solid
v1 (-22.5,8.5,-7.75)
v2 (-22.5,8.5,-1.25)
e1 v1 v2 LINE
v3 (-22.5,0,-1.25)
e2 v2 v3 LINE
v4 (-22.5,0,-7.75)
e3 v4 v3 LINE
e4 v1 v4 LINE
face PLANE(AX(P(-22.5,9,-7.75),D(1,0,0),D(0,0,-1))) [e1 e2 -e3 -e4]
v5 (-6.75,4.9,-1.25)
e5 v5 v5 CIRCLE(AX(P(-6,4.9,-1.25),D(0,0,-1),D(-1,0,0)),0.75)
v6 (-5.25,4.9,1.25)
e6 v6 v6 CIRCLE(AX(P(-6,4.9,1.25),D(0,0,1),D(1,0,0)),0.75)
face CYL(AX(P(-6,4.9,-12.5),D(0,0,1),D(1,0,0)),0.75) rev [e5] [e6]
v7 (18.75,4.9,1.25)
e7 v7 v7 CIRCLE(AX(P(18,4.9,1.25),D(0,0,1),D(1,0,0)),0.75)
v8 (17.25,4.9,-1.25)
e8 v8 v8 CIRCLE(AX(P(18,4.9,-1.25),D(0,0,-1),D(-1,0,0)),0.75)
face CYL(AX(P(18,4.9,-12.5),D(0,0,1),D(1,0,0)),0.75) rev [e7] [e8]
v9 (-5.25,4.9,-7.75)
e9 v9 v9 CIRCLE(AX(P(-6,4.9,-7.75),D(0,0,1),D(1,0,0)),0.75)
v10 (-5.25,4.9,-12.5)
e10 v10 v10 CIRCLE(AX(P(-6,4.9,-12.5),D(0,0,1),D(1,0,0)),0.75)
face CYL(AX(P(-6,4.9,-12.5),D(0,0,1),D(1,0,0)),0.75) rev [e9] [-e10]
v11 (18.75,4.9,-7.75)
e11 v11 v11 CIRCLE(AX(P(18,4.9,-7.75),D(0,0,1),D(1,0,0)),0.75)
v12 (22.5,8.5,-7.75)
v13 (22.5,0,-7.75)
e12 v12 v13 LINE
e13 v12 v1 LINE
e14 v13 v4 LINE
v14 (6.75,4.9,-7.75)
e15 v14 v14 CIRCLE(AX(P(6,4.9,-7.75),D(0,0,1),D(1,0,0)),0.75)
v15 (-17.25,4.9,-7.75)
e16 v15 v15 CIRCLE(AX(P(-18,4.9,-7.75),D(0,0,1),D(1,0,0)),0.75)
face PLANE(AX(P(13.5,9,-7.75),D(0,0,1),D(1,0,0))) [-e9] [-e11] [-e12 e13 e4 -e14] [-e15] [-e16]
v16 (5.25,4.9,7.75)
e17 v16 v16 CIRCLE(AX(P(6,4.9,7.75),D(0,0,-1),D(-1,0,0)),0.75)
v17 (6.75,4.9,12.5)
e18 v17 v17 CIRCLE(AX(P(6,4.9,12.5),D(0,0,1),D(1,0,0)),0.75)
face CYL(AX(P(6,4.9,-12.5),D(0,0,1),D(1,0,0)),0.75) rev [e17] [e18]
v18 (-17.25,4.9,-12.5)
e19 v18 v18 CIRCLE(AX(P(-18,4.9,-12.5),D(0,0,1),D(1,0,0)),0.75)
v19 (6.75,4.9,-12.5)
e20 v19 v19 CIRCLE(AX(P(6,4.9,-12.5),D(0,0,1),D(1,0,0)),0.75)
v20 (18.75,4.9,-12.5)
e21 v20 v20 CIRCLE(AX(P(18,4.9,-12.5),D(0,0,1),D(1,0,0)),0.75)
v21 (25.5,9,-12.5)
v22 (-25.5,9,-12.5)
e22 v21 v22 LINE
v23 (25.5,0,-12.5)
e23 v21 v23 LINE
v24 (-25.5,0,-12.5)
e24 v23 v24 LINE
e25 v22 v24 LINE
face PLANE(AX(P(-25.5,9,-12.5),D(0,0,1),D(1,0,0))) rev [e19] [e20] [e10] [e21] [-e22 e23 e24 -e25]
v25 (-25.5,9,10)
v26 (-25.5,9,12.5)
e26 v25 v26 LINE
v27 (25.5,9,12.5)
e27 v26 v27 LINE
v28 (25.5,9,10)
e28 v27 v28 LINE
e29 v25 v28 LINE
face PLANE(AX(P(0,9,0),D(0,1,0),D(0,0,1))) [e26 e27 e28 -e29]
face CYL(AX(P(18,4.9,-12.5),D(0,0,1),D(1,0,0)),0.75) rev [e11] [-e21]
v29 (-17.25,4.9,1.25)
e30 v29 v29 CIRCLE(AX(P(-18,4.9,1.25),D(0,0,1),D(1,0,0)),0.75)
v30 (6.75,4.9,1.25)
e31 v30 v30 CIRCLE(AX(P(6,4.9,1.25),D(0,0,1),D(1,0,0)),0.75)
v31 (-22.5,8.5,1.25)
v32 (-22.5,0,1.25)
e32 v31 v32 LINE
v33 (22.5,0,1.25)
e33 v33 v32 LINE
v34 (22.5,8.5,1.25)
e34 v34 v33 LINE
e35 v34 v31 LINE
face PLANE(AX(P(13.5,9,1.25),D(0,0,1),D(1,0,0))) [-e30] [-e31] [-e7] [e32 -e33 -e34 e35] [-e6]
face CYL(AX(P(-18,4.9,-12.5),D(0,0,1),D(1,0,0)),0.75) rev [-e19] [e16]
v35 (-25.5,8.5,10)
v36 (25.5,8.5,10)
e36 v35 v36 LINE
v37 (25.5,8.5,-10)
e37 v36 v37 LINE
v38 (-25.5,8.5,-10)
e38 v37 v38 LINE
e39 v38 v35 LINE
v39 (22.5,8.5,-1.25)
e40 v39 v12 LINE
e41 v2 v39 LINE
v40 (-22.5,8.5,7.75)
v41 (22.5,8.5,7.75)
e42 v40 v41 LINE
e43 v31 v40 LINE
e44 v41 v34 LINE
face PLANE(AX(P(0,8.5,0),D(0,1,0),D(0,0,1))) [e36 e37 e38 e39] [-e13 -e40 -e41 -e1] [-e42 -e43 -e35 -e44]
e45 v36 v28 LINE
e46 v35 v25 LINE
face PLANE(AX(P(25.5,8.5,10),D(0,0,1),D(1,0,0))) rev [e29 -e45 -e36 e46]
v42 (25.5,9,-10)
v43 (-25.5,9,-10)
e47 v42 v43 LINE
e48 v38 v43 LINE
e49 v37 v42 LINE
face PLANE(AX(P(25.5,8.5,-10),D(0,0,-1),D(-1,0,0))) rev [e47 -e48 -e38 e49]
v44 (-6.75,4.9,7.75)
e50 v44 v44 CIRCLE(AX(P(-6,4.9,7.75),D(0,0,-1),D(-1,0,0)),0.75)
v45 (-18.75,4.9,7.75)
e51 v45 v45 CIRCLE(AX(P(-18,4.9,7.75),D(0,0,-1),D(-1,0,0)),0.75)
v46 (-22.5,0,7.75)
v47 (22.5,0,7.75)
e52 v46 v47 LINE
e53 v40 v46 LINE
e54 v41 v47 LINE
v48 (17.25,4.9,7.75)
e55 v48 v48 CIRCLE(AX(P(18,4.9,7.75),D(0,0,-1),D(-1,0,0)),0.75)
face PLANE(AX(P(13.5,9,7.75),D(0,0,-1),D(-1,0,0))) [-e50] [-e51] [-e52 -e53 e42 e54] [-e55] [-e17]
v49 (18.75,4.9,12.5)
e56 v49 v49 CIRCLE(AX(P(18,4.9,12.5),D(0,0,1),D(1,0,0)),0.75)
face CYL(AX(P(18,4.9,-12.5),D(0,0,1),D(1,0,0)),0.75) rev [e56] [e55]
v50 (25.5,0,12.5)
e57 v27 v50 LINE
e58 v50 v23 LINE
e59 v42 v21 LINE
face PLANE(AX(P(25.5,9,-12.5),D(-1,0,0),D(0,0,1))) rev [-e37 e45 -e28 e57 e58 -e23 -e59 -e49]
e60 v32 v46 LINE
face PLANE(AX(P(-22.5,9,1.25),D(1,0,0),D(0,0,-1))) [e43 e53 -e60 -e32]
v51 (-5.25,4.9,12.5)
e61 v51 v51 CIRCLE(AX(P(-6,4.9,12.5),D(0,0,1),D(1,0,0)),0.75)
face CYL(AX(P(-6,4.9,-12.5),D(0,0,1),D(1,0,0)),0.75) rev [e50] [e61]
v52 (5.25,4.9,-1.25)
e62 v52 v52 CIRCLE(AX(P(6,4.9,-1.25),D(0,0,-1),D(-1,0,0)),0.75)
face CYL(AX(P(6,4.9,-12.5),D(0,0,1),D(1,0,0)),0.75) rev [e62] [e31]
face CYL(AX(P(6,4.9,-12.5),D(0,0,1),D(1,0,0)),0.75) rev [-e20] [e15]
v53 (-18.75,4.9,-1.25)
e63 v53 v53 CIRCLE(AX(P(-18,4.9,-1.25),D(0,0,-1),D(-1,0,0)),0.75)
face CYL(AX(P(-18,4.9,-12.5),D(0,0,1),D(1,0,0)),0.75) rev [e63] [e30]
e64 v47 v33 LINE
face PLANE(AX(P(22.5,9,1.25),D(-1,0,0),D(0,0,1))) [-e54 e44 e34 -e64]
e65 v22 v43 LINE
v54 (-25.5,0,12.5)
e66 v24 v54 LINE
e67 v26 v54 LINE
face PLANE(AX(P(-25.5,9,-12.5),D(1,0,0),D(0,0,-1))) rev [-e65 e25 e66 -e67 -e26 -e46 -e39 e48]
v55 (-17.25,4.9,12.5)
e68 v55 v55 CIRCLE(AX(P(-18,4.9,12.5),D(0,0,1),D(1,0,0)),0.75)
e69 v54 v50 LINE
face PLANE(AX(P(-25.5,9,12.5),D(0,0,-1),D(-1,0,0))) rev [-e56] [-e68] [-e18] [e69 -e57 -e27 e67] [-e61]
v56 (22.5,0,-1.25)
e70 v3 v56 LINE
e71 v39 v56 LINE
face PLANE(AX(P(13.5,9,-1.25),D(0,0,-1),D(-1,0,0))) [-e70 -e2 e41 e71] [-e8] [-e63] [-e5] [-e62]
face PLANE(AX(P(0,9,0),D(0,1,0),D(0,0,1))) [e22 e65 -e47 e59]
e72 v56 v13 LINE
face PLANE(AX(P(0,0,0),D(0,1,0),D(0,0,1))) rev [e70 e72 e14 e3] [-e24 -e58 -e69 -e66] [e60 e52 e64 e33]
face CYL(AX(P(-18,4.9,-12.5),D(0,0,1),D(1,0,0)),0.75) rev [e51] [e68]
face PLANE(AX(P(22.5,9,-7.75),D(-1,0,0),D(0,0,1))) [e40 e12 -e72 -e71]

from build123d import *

# Parameters (mm, degrees)
SKETCH_1_W             = 51
SKETCH_1_H             = 25
SKETCH_1_W_2           = 9
SKETCH_1_H_2           = 6.5
EXTRUDE_1_DEPTH        = 9
SKETCH_2_W             = 51
SKETCH_2_H             = 20
CUT_EXTRUDE_1_DEPTH    = 0.5
SKETCH_3_R             = 0.75
CUT_EXTRUDE_2_DEPTH    = 31.336652749
PATTERN_LINEAR_1_COUNT = 4
PATTERN_LINEAR_1_PITCH = 12
SKETCH_4_W             = 45
SKETCH_4_H             = 6.5
CUT_EXTRUDE_3_DEPTH    = 30.643717716


with BuildPart() as part:
    # 草图1 → 凸台-拉伸1 (new body)
    with BuildSketch(Plane(origin=(0, 0, 0), x_dir=(1, 0, 0), z_dir=(0, 1, 0))):
        Rectangle(SKETCH_1_W, SKETCH_1_H)
        with Locations((-18, 4.5)):
            Rectangle(SKETCH_1_W_2, SKETCH_1_H_2, mode=Mode.SUBTRACT)
        with Locations((-18, -4.5)):
            Rectangle(SKETCH_1_W_2, SKETCH_1_H_2, mode=Mode.SUBTRACT)
        with Locations((-6, 4.5)):
            Rectangle(SKETCH_1_W_2, SKETCH_1_H_2, mode=Mode.SUBTRACT)
        with Locations((-6, -4.5)):
            Rectangle(SKETCH_1_W_2, SKETCH_1_H_2, mode=Mode.SUBTRACT)
        with Locations((6, 4.5)):
            Rectangle(SKETCH_1_W_2, SKETCH_1_H_2, mode=Mode.SUBTRACT)
        with Locations((6, -4.5)):
            Rectangle(SKETCH_1_W_2, SKETCH_1_H_2, mode=Mode.SUBTRACT)
        with Locations((18, 4.5)):
            Rectangle(SKETCH_1_W_2, SKETCH_1_H_2, mode=Mode.SUBTRACT)
        with Locations((18, -4.5)):
            Rectangle(SKETCH_1_W_2, SKETCH_1_H_2, mode=Mode.SUBTRACT)
    extrude(amount=EXTRUDE_1_DEPTH)

    # 草图2 → 切除-拉伸1 (cut)
    with BuildSketch(Plane(origin=(0, 9, 0), x_dir=(1, 0, 0), z_dir=(0, 1, 0))):
        Rectangle(SKETCH_2_W, SKETCH_2_H)
    extrude(amount=-CUT_EXTRUDE_1_DEPTH, mode=Mode.SUBTRACT)

    # 草图3 → 切除-拉伸2 (cut, symmetric)
    with BuildSketch(Plane.XY.offset(1.25)):
        with Locations((-18, 4.9)):
            Circle(SKETCH_3_R)
    cut_extrude_2 = extrude(amount=CUT_EXTRUDE_2_DEPTH, both=True, mode=Mode.SUBTRACT)

    # 阵列(线性)1: 切除-拉伸2 ×4
    with Locations(*[(i * PATTERN_LINEAR_1_PITCH, 0, 0) for i in range(1, PATTERN_LINEAR_1_COUNT)]):
        add(cut_extrude_2, mode=Mode.SUBTRACT)

    # 草图4 → 切除-拉伸3 (cut, through all)
    with BuildSketch(Plane(origin=(0, 8.5, 0), x_dir=(1, 0, 0), z_dir=(0, 1, 0))):
        with Locations((0, 4.5)):
            Rectangle(SKETCH_4_W, SKETCH_4_H)
        with Locations((0, -4.5)):
            Rectangle(SKETCH_4_W, SKETCH_4_H)
    extrude(amount=-CUT_EXTRUDE_3_DEPTH, mode=Mode.SUBTRACT)


solid = part.part
